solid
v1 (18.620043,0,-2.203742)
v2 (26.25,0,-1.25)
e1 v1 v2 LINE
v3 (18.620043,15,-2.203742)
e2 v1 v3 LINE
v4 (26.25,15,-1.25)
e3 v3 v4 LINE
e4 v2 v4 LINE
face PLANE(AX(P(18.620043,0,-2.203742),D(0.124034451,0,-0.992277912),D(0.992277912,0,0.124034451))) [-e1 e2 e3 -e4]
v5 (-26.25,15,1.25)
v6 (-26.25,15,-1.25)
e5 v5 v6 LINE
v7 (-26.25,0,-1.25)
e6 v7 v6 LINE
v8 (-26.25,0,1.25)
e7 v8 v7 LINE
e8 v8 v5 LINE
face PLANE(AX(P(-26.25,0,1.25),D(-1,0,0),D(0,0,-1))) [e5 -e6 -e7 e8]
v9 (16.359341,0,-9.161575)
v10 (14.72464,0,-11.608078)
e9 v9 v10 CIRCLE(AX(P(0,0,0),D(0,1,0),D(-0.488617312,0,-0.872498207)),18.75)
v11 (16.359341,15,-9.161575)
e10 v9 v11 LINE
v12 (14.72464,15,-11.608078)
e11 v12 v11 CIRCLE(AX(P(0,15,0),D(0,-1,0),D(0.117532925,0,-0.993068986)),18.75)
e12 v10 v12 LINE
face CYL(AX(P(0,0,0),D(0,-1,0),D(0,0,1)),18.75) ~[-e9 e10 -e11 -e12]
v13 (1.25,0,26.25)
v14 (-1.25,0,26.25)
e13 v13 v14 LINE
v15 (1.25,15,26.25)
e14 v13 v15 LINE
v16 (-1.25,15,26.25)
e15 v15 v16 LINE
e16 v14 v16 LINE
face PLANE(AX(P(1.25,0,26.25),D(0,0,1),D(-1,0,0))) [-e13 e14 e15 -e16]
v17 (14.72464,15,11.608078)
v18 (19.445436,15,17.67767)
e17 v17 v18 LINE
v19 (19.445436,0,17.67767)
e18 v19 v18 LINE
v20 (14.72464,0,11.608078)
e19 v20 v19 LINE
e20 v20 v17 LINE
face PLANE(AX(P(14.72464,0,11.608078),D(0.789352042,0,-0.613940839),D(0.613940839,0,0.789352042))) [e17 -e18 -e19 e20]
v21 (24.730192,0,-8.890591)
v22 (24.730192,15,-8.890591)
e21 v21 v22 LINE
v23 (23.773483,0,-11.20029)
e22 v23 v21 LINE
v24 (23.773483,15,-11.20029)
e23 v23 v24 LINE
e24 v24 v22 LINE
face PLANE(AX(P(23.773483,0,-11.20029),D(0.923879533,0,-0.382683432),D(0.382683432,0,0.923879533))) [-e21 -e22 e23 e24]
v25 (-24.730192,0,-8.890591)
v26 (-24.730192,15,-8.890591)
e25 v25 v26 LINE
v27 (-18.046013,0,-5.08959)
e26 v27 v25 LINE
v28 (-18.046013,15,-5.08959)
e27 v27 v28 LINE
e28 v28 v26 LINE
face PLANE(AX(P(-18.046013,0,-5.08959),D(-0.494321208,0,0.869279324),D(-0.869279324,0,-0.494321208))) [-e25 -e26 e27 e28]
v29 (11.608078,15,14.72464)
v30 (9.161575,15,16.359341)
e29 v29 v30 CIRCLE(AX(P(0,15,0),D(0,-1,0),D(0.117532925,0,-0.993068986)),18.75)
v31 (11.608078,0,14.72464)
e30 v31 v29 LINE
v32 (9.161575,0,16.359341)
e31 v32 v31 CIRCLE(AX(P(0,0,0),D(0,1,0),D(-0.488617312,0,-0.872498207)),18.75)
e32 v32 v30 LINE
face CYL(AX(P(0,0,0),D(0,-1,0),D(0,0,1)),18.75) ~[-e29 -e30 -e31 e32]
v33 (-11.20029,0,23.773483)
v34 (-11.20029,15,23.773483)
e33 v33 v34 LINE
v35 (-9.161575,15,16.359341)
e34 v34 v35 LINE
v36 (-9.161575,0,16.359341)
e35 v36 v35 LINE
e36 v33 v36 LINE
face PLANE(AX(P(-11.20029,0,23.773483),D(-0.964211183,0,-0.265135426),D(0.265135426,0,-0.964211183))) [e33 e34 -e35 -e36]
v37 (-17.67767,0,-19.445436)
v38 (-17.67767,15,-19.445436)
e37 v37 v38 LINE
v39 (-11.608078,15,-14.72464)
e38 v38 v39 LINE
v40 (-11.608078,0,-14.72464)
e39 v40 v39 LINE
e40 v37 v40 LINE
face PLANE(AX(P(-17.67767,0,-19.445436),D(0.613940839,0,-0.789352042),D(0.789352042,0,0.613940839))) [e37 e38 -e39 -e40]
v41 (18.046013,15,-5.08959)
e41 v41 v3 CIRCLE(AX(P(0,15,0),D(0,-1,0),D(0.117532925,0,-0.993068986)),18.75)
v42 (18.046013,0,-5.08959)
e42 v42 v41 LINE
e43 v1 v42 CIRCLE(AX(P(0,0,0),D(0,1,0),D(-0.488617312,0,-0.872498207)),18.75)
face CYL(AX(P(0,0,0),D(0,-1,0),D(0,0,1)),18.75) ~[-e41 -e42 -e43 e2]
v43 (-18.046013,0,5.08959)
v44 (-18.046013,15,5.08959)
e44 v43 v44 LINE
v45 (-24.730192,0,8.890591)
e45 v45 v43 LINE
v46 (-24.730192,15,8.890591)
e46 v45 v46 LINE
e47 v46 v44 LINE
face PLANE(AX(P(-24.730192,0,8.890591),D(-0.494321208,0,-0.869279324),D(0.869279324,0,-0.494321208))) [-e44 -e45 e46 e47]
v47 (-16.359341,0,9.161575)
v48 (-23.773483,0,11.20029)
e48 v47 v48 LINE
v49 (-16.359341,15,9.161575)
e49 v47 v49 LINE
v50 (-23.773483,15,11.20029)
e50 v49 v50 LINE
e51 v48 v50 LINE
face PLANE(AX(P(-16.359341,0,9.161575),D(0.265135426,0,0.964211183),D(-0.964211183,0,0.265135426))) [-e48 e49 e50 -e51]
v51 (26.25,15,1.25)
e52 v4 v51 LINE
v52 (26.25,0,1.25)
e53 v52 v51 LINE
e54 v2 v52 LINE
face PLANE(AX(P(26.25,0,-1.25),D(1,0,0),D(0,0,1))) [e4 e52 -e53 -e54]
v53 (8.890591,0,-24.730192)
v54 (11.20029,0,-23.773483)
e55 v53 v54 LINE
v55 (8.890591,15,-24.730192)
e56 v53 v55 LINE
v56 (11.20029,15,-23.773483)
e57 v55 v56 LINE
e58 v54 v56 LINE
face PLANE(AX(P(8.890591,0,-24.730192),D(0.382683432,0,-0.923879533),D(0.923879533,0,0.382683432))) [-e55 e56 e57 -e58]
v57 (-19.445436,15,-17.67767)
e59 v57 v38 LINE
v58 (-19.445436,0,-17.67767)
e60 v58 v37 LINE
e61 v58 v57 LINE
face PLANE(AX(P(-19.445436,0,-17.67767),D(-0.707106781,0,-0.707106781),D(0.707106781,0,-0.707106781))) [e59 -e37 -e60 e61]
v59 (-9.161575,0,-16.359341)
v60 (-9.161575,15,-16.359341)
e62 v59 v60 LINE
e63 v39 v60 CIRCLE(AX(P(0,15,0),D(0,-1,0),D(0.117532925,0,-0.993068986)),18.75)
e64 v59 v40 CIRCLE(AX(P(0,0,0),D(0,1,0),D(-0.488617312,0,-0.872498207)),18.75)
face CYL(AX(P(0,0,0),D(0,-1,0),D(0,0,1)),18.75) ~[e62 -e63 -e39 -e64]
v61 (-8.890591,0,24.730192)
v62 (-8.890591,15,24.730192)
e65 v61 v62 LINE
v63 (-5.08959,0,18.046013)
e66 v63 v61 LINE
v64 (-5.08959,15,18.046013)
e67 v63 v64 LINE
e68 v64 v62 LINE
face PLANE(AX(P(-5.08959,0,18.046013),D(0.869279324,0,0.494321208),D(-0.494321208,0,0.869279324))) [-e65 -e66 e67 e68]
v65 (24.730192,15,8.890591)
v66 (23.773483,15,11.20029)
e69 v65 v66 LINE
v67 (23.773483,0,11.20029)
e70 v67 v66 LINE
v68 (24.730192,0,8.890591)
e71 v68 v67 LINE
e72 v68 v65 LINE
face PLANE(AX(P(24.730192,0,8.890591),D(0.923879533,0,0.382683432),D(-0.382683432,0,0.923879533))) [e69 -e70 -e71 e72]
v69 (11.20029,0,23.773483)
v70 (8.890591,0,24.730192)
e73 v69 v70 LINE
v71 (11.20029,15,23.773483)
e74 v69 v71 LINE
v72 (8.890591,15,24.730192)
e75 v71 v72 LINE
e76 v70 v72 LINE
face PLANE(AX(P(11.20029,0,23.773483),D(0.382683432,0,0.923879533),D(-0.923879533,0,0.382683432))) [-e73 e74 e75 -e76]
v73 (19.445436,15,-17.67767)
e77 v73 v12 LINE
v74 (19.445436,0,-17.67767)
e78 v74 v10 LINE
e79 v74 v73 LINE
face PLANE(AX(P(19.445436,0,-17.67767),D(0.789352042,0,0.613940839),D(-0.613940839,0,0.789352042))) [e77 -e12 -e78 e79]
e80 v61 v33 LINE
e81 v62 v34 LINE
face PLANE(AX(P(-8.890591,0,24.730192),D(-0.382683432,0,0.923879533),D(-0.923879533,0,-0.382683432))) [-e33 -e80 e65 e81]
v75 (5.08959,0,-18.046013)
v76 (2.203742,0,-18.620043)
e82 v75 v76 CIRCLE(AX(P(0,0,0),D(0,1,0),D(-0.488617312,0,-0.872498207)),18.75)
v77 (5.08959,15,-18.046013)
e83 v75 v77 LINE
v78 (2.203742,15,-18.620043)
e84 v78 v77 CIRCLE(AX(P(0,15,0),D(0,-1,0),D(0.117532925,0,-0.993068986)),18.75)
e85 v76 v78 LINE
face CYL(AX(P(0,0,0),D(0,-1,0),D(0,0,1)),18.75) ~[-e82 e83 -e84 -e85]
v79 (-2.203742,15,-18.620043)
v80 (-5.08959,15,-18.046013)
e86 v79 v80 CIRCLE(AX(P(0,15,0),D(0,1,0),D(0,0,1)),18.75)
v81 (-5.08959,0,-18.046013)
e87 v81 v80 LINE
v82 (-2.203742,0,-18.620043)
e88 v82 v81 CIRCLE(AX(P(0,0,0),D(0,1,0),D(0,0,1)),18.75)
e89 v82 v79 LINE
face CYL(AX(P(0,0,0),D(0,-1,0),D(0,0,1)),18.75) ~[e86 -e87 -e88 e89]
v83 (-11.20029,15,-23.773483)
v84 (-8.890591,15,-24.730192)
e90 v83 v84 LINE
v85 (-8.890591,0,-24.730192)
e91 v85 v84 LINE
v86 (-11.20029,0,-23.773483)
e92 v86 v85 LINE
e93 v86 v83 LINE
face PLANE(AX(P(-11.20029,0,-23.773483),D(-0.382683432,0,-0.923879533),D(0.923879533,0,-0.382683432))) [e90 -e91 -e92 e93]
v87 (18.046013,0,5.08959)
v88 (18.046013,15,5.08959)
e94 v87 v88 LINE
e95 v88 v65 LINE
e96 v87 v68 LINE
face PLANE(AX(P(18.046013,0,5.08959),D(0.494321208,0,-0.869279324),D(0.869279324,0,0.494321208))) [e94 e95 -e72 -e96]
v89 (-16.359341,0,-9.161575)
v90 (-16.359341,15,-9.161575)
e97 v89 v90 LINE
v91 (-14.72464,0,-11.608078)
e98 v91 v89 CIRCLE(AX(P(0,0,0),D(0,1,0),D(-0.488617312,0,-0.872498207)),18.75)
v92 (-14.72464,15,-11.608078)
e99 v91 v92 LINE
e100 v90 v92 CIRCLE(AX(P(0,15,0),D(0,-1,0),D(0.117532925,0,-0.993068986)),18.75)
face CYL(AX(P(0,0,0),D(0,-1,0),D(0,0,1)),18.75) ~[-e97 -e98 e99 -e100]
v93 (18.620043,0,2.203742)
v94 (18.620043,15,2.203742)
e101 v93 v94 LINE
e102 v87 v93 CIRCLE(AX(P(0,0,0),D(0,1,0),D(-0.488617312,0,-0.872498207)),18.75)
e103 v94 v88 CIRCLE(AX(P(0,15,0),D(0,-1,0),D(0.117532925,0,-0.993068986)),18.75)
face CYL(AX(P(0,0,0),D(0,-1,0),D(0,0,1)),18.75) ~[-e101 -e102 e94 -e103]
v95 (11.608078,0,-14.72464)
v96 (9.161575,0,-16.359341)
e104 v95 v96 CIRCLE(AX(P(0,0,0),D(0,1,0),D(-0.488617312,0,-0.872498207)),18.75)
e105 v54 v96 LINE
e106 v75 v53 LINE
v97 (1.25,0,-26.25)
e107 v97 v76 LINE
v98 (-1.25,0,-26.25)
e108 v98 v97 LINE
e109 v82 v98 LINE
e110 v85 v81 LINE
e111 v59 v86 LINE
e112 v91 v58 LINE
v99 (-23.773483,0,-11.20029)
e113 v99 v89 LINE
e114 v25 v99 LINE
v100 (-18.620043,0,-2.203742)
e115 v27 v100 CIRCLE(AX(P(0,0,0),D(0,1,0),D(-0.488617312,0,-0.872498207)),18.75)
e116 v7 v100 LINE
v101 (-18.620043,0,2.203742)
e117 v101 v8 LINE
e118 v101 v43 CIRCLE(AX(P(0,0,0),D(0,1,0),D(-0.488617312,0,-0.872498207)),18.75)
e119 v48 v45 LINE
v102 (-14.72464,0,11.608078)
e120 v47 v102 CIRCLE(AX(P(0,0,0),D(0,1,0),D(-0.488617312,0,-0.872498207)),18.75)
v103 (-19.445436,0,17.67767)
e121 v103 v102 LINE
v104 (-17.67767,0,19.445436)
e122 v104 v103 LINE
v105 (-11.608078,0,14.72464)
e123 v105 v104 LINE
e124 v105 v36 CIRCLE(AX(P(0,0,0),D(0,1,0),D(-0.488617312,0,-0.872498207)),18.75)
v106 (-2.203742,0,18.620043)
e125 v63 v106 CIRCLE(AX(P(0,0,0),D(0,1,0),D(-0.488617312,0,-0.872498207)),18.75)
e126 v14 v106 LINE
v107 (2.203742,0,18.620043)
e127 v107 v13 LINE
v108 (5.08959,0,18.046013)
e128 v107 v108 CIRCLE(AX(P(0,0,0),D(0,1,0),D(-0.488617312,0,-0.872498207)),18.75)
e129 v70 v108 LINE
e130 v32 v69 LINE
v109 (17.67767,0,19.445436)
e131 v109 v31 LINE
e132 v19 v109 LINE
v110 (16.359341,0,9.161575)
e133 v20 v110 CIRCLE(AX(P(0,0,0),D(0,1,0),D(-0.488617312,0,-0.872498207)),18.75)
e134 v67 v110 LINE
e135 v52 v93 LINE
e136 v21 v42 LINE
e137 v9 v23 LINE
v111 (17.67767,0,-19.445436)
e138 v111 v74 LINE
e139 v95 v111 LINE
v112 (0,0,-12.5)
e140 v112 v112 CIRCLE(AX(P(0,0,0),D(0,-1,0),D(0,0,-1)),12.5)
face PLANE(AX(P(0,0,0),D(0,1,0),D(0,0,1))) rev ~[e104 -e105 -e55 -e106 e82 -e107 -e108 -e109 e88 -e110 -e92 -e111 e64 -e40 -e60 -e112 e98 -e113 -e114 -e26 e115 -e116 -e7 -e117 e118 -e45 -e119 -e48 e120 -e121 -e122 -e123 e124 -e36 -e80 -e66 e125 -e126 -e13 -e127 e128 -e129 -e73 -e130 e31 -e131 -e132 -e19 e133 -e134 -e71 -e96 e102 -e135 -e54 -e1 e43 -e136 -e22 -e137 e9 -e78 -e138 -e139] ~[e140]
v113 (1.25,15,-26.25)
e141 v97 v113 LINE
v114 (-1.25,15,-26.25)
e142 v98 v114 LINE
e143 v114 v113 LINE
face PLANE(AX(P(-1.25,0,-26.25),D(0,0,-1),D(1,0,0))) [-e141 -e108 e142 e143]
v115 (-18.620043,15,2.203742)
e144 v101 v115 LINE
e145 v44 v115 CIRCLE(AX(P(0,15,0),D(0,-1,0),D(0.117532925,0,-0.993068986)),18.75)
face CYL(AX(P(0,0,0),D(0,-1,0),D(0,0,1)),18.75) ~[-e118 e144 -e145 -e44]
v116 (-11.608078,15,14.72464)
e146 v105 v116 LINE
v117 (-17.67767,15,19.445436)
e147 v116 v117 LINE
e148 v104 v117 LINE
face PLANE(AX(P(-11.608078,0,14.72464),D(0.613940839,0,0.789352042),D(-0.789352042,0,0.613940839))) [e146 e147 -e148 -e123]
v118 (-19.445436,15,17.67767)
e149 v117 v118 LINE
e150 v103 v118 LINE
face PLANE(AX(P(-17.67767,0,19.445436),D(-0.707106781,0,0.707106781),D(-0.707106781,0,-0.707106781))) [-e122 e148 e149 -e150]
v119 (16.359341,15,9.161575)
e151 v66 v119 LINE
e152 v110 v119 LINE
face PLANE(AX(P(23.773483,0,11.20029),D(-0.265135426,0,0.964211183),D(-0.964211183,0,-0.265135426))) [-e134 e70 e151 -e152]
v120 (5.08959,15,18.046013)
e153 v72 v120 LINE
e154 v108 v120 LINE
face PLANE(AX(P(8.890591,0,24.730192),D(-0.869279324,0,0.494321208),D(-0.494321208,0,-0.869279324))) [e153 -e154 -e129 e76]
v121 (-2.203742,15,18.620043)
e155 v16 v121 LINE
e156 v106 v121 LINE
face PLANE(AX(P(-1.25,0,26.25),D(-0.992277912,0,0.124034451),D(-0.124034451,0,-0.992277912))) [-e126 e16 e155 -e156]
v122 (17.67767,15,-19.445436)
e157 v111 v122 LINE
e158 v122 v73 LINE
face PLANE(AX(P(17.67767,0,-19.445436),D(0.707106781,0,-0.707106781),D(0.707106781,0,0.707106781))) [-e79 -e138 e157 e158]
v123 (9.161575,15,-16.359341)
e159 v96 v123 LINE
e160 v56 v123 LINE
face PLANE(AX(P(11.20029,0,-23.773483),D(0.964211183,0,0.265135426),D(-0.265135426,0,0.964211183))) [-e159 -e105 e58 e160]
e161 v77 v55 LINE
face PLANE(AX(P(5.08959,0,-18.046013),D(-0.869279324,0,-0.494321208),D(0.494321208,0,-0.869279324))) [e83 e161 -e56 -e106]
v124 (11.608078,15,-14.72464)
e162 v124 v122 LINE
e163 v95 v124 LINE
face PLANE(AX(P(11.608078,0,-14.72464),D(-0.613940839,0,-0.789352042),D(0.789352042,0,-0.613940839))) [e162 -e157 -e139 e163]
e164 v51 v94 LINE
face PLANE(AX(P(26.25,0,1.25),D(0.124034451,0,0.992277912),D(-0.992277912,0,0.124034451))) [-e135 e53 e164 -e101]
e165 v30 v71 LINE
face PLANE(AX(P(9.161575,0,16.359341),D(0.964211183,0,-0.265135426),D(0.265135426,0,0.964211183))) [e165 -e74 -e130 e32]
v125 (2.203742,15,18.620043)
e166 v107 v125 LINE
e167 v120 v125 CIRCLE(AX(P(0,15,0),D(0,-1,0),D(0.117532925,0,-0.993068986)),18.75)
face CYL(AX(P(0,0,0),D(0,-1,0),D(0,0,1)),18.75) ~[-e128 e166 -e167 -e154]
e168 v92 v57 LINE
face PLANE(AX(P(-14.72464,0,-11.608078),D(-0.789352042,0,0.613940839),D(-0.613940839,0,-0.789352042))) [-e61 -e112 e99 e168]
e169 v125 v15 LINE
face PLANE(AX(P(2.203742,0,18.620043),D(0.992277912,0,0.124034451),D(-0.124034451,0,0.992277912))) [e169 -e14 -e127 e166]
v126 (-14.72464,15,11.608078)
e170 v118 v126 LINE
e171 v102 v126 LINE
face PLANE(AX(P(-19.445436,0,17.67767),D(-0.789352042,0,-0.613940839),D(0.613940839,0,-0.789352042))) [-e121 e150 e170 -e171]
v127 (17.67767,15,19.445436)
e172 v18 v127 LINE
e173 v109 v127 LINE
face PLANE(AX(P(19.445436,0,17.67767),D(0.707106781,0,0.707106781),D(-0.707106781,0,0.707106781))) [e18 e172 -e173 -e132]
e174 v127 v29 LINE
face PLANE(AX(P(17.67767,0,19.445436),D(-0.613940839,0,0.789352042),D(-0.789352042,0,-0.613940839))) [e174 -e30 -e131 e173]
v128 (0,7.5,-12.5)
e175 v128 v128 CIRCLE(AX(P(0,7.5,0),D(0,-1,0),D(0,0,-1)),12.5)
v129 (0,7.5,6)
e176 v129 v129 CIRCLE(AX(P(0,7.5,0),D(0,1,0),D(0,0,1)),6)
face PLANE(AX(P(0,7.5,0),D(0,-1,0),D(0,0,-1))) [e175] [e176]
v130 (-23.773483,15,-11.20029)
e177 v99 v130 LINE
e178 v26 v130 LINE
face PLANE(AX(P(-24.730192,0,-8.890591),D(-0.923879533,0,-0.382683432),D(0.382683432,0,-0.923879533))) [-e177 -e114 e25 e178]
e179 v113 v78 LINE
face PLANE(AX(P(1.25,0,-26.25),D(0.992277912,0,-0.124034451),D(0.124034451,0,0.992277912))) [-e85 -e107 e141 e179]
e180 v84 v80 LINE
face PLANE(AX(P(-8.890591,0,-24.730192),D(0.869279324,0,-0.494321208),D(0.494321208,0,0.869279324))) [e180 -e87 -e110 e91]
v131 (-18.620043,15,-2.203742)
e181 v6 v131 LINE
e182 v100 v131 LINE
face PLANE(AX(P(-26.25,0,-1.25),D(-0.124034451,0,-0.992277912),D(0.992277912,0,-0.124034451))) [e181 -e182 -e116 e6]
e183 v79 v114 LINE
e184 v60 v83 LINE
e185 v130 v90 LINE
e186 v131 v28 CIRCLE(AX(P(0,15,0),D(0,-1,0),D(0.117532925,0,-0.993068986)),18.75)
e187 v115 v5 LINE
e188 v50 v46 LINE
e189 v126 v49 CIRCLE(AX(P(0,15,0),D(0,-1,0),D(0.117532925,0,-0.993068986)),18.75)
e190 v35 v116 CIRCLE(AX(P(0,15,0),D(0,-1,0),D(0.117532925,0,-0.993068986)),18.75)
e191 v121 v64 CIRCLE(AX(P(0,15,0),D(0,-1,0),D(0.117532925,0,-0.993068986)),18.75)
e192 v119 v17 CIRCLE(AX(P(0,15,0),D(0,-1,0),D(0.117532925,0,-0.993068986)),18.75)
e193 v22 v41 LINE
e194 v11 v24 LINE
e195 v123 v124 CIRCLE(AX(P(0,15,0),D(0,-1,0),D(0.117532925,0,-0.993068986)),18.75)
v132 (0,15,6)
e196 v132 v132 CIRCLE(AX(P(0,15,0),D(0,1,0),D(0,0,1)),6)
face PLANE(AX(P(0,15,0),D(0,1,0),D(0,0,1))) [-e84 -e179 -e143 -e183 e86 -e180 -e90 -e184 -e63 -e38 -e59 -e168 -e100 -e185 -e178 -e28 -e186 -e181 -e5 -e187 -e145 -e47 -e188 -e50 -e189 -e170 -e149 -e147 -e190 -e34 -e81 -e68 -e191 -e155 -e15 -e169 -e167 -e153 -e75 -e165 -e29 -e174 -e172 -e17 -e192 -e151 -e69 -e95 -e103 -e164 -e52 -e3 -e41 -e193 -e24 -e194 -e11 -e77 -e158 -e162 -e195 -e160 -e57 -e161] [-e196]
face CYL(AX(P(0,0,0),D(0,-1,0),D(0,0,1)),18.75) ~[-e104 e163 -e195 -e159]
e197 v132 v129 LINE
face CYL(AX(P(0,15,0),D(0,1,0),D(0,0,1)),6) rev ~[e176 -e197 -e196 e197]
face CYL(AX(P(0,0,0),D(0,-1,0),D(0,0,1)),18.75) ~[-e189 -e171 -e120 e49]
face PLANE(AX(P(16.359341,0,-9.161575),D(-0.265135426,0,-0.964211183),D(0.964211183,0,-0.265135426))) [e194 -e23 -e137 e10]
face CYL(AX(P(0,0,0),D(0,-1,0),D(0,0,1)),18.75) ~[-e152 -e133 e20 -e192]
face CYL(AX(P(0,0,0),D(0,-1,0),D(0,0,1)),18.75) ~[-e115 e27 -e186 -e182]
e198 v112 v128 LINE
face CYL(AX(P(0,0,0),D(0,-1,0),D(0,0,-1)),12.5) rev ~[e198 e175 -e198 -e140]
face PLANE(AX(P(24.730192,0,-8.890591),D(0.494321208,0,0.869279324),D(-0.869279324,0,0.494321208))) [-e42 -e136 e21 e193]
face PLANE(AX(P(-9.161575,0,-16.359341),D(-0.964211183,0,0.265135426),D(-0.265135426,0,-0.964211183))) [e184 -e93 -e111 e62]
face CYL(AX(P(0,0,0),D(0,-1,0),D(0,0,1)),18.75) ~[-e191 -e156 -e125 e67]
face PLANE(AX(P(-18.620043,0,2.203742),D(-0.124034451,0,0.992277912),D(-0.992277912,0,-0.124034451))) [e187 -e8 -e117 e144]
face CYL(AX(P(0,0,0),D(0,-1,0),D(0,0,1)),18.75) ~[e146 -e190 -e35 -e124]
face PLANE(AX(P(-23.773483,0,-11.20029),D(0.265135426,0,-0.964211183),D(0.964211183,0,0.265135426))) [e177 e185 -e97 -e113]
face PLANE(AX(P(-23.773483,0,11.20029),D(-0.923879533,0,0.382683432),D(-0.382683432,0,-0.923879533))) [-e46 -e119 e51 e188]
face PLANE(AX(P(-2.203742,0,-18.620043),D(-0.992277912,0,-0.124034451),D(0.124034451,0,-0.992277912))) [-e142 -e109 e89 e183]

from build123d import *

# Parameters (mm, degrees)
SKETCH1_R           = 18.75
BOSS_EXTRUDE1_DEPTH = 15
BOSS_EXTRUDE2_START = -15
BOSS_EXTRUDE2_DEPTH = 15
CIRPATTERN1_COUNT   = 16
SKETCH3_R           = 6
CUT_EXTRUDE1_DEPTH  = 41.039043445
SKETCH4_R           = 12.5
CUT_EXTRUDE2_DEPTH  = 7.5


with BuildPart() as part:
    # Sketch1 → Boss-Extrude1 (new body)
    with BuildSketch(Plane(origin=(0, 0, 0), x_dir=(1, 0, 0), z_dir=(0, 1, 0))):
        with Locations(Location((0, 0, 0), (0, 0, 270))):
            Circle(SKETCH1_R)
    extrude(amount=BOSS_EXTRUDE1_DEPTH)

    # Sketch2 → Boss-Extrude2 (add)
    with BuildSketch(Plane(origin=(0, 15, 0), x_dir=(1, 0, 0), z_dir=(0, 1, 0)).offset(BOSS_EXTRUDE2_START)):
        with BuildLine():
            Line((-1.25, 26.25), (1.25, 26.25))
            Line((1.25, 26.25), (2.203742352, 18.620043492))
            ThreePointArc((2.203742352, 18.620043492), (0, 18.75), (-2.203742352, 18.620043492))
            Line((-2.203742352, 18.620043492), (-1.25, 26.25))
        make_face()
    boss_extrude2 = extrude(amount=BOSS_EXTRUDE2_DEPTH)

    # CirPattern1: Boss-Extrude2 ×16 about axis
    cirpattern1_axis = Axis((0, 0, 0), (0, 1, 0))
    for i in range(1, CIRPATTERN1_COUNT):
        add(boss_extrude2.rotate(cirpattern1_axis, i * 360 / CIRPATTERN1_COUNT))

    # Sketch3 → Cut-Extrude1 (cut, through all)
    with BuildSketch(Plane(origin=(0, 15, 0), x_dir=(1, 0, 0), z_dir=(0, 1, 0))):
        with Locations(Location((0, 0, 0), (0, 0, 270))):
            Circle(SKETCH3_R)
    extrude(amount=-CUT_EXTRUDE1_DEPTH, mode=Mode.SUBTRACT)

    # Sketch4 → Cut-Extrude2 (cut)
    with BuildSketch(Plane(origin=(0, 0, 0), x_dir=(-1, 0, 0), z_dir=(0, -1, 0))):
        with Locations(Location((0, 0, 0), (0, 0, 90))):
            Circle(SKETCH4_R)
    extrude(amount=-CUT_EXTRUDE2_DEPTH, mode=Mode.SUBTRACT)


solid = part.part
